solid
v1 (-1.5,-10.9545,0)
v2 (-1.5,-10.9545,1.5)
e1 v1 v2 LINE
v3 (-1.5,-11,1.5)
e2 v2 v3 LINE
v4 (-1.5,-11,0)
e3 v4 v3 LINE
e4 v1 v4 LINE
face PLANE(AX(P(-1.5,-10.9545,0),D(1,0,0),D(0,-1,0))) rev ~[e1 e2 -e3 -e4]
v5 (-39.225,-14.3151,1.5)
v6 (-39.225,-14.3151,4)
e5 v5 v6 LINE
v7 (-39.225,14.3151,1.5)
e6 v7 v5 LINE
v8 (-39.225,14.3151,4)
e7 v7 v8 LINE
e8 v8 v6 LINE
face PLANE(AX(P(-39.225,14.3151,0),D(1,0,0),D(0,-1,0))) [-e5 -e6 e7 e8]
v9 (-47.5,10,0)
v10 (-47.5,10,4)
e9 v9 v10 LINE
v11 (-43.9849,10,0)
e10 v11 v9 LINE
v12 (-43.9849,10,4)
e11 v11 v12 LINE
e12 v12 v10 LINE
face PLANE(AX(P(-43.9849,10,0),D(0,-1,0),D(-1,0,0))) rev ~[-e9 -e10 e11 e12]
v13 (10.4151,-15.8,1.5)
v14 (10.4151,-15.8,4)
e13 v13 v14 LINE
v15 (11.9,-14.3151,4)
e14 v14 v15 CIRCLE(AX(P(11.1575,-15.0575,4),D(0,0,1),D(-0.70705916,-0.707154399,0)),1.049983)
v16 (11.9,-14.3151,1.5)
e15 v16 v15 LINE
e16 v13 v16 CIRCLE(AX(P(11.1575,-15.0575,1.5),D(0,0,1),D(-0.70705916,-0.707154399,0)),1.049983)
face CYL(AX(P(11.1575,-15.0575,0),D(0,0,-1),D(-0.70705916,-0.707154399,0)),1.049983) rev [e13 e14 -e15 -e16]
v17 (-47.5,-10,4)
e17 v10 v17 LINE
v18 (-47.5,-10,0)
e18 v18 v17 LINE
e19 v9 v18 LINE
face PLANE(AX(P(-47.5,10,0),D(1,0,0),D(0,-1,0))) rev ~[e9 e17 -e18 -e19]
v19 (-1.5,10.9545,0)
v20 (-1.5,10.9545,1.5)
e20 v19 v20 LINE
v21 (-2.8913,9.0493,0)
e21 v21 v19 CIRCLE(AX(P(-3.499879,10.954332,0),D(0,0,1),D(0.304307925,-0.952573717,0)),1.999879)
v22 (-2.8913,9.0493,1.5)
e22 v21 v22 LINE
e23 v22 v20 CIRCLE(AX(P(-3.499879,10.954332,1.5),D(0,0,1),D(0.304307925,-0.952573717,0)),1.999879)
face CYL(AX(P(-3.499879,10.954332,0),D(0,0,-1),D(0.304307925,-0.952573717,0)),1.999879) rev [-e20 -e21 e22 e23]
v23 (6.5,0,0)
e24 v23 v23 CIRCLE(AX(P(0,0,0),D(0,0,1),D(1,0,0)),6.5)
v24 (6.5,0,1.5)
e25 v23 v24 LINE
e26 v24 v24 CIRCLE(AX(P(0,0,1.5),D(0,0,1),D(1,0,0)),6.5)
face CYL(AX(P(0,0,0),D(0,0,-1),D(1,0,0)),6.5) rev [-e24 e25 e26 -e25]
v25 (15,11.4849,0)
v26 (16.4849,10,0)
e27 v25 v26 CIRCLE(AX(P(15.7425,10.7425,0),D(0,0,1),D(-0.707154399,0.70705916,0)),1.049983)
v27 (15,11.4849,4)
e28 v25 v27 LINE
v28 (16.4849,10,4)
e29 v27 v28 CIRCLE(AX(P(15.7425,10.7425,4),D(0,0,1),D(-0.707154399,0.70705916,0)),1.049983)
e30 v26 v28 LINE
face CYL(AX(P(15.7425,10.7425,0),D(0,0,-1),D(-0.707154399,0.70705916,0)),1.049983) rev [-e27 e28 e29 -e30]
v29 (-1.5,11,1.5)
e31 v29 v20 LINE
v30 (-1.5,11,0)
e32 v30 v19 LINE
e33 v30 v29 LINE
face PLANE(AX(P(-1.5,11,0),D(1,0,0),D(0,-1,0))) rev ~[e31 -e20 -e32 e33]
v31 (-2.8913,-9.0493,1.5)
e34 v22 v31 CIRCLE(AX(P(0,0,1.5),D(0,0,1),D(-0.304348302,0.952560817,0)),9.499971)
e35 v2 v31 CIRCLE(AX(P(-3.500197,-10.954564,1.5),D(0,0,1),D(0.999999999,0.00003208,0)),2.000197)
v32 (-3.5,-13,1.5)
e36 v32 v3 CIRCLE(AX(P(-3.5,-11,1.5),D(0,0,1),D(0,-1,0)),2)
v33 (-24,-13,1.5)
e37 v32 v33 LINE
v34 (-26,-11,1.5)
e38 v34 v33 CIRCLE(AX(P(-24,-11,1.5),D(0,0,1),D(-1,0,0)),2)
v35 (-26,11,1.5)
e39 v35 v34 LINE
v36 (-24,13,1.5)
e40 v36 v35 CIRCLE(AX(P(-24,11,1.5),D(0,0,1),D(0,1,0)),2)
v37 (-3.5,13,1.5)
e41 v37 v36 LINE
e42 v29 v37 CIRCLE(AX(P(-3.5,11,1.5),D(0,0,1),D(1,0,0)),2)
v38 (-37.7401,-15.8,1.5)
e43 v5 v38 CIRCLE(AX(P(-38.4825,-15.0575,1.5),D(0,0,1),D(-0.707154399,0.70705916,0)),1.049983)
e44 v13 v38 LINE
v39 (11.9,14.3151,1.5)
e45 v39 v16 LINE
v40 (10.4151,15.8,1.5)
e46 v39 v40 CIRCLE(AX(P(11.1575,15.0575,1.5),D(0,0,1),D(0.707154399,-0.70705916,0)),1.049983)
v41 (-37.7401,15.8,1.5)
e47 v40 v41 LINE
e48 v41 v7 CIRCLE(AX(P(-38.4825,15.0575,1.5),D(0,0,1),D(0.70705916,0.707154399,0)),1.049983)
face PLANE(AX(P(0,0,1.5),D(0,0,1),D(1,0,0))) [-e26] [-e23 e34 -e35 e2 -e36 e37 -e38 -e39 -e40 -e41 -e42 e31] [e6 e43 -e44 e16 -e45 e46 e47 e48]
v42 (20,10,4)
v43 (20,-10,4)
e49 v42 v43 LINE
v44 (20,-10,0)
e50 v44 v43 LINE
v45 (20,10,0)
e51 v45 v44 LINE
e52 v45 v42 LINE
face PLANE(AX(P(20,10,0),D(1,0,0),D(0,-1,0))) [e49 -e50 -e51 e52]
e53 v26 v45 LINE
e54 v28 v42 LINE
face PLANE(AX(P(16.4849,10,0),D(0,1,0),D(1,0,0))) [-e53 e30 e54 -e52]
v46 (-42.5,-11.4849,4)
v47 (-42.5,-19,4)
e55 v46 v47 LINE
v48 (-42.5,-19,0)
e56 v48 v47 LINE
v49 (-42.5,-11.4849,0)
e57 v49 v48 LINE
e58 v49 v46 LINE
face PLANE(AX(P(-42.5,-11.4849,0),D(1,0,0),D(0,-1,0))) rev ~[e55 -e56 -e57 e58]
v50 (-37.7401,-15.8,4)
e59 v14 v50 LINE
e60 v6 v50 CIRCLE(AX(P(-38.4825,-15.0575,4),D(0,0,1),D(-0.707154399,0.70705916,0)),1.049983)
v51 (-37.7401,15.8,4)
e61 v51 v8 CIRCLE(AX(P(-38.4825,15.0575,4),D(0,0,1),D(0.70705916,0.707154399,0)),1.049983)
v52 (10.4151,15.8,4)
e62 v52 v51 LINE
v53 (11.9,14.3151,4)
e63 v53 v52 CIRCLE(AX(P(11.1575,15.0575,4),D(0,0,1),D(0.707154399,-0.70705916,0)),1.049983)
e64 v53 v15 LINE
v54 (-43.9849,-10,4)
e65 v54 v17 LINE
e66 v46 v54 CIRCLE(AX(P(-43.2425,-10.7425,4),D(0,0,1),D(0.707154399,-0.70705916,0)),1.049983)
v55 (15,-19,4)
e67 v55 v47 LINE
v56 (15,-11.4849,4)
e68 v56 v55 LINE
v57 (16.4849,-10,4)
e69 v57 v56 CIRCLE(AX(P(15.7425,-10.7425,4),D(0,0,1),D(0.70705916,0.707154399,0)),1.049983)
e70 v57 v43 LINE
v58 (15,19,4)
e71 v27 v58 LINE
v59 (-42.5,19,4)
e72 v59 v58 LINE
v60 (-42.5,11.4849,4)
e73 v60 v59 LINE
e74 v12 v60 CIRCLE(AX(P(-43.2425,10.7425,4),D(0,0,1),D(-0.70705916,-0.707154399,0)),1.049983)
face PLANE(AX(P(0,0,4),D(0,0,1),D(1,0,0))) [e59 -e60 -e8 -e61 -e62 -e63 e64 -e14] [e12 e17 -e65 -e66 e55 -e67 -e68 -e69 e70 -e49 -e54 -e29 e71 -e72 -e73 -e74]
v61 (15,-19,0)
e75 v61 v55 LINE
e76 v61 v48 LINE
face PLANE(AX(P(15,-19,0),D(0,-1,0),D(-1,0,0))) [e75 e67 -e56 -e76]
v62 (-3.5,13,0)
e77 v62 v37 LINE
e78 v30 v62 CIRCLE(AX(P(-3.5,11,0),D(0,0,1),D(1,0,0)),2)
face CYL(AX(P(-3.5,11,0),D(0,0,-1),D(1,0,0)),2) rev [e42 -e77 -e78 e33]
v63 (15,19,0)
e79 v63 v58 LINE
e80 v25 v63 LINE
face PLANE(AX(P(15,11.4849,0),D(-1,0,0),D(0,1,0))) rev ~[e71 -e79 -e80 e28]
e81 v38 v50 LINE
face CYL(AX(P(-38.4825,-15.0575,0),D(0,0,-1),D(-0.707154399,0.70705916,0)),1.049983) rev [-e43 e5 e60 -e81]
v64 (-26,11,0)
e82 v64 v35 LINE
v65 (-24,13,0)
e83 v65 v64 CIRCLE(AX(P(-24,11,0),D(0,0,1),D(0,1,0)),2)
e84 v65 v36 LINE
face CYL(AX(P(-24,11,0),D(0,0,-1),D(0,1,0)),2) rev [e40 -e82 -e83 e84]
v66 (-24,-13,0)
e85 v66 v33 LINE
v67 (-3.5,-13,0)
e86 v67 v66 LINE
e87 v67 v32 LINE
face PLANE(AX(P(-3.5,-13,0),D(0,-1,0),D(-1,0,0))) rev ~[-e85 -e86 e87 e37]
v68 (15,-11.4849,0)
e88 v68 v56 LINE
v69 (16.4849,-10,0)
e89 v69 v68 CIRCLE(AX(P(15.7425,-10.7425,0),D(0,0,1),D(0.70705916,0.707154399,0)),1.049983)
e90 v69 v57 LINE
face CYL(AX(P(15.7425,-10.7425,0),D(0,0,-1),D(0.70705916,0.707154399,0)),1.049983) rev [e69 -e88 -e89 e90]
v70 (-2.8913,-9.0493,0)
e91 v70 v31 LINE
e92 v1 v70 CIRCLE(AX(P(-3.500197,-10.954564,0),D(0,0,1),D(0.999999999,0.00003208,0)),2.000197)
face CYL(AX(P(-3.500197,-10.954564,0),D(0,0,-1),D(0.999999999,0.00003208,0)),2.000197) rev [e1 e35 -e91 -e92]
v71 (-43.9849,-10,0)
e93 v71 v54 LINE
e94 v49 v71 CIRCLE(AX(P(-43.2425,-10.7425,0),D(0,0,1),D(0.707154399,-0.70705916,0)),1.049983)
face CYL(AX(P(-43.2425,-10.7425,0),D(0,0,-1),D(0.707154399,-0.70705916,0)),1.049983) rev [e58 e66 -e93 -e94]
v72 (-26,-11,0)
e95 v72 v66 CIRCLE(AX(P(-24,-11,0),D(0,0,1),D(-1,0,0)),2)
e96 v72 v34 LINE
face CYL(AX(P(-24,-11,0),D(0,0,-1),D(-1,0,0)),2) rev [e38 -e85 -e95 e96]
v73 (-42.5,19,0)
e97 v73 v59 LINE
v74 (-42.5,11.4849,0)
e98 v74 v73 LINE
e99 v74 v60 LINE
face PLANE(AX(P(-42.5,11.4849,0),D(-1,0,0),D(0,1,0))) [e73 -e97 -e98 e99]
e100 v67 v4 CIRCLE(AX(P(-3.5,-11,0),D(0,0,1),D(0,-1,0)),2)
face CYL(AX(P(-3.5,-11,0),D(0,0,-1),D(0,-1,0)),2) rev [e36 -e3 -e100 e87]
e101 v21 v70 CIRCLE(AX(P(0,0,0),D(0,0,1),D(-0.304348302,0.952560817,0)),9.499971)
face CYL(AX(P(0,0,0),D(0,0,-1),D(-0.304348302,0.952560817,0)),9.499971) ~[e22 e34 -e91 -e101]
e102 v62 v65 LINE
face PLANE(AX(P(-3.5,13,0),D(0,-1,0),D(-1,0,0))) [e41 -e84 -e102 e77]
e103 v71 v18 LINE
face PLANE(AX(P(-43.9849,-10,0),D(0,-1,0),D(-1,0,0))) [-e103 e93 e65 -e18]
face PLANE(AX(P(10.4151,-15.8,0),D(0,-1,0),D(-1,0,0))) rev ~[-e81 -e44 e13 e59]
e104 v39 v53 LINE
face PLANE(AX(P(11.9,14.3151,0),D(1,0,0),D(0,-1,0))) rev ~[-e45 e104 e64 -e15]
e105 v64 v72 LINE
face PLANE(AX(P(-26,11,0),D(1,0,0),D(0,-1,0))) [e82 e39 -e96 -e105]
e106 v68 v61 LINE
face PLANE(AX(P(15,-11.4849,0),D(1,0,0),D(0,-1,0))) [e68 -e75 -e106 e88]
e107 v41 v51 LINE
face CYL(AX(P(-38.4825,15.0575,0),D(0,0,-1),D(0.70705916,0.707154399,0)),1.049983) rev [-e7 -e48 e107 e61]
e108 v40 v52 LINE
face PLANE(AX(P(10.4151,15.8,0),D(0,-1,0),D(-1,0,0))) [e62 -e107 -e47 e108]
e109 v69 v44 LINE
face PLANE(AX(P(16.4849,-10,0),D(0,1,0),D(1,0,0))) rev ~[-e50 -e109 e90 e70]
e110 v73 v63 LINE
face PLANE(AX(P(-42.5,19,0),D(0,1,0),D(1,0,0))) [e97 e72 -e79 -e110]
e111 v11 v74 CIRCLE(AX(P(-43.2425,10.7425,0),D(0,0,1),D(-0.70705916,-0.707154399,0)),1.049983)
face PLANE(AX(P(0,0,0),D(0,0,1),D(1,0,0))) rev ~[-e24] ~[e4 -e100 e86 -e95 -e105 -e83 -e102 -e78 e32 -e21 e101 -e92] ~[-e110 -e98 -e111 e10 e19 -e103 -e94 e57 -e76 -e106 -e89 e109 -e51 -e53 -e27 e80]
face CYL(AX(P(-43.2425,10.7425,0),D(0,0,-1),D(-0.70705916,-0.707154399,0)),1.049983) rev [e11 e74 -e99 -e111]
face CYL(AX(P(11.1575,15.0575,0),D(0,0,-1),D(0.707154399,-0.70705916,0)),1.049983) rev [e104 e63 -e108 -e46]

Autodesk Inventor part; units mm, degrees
ref_plane "YZ Plane" through (0, 0, 0) normal (1, 0, 0) x (0, 1, 0)
ref_plane "XZ Plane" through (0, 0, 0) normal (0, 1, 0) x (-1, 0, 0)
ref_plane "XY Plane" through (0, 0, 0) normal (0, 0, 1) x (1, 0, 0)
sketch "スケッチ1" plane through (0, 0, 0) normal (0, 0, 1) x (1, 0, 0)
  line L0 (12, 16) -> (-29, 16) construction
  line L1 (-31, 14) -> (-31, -14) construction
  line L2 (-29, -16) -> (12, -16) construction
  line L3 (12, -16) -> (12, 16) construction
  line L4 (12, 16) -> (-31, -16) construction
  line L5 (-31, 16) -> (12, -16) construction
  line L6 (12, 0) -> (-31, 0) construction
  circle A0 centre (0, 0) radius 10.5 construction
  arc A1 (12, 10.583) -> (0, 16) centre (0, 0) ccw construction
  line L7 (-39.5, 14.4) -> (-39.5, -14.4) construction
  arc A2 (-29, 16) -> (-31, 14) centre (-29, 14) ccw construction
  arc A3 (-31, -14) -> (-29, -16) centre (-29, -14) ccw construction
  line L8 (-39.5, 14.4) -> (-30.9596, 14.4) construction
  line L9 (-39.5, -14.4) -> (-30.9596, -14.4) construction
  line L10 (-1, 13.5) -> (-28, 13.5) construction
  line L11 (-28, 13.5) -> (-28, -13.5) construction
  line L12 (-28, -13.5) -> (-1, -13.5) construction
  line L13 (-1, -13.5) -> (-1, 13.5) construction
  line L14 (-1, 13.5) -> (-28, -13.5) construction
  line L15 (-28, 13.5) -> (-1, -13.5) construction
  circle A4 centre (-1, 13.5) radius 1.35 construction
  circle A5 centre (-28, 13.5) radius 1.35 construction
  circle A6 centre (-1, -13.5) radius 1.35 construction
  circle A7 centre (-28, -13.5) radius 1.35 construction
  arc A8 (0, -16) -> (12, -10.583) centre (0, 0) ccw construction
  line L16 (11.9, 15.8) -> (11.9, 14.3151) construction
  line L17 (11.9, 15.8) -> (10.4151, 15.8) construction
  line L18 (-39.225, 15.8) -> (-39.225, 14.3151) construction
  arc A9 (-37.7401, 15.8) -> (-39.225, 14.3151) centre (-38.4825, 15.0575) ccw
  line L19 (11.9, -15.8) -> (10.4151, -15.8) construction
  arc A10 (-39.225, -14.3151) -> (-37.7401, -15.8) centre (-38.4825, -15.0575) ccw
  line L20 (-42.5, 19) -> (15, 19)
  line L21 (15, 19) -> (15, -19) construction
  line L22 (15, -19) -> (-42.5, -19)
  line L23 (-42.5, -19) -> (-42.5, 19) construction
  line L24 (-42.5, 19) -> (15, -19) construction
  line L25 (15, 19) -> (-42.5, -19) construction
  line L26 (15, 10) -> (16.4849, 10) construction
  line L27 (20, 10) -> (20, -10)
  line L28 (15, -10) -> (16.4849, -10) construction
  arc A11 (15, 11.4849) -> (16.4849, 10) centre (15.7425, 10.7425) ccw
  arc A12 (16.4849, -10) -> (15, -11.4849) centre (15.7425, -10.7425) ccw
  line L29 (-13.75, 19) -> (-13.75, -19) construction
  line L30 (15, 11.4849) -> (15, 19)
  line L31 (15, -11.4849) -> (15, -19)
  line L32 (-42.5, 10) -> (-43.9849, 10) construction
  line L33 (-47.5, 10) -> (-47.5, -10)
  line L34 (-42.5, -10) -> (-43.9849, -10) construction
  arc A13 (-43.9849, 10) -> (-42.5, 11.4849) centre (-43.2425, 10.7425) ccw
  arc A14 (-42.5, -11.4849) -> (-43.9849, -10) centre (-43.2425, -10.7425) ccw
  line L35 (-42.5, 11.4849) -> (-42.5, 19)
  line L36 (-42.5, -11.4849) -> (-42.5, -19)
  circle A15 centre (0, 0) radius 6 construction
  circle A16 centre (0, 0) radius 6.5
  line L37 (-3.5, 13) -> (-24, 13)
  line L38 (-26, 11) -> (-26, -11)
  line L39 (-3.5, -13) -> (-24, -13)
  arc A17 (-24, 13) -> (-26, 11) centre (-24, 11) ccw
  arc A18 (-26, -11) -> (-24, -13) centre (-24, -11) ccw
  line L40 (-1.5, 11) -> (-1.5, 10.9545)
  arc A19 (-2.8913, 9.0493) -> (-2.8913, -9.0493) centre (0, 0) ccw
  line L41 (-1.5, -10.9545) -> (-1.5, -11)
  arc A20 (-1.5, 11) -> (-3.5, 13) centre (-3.5, 11) ccw
  arc A21 (-3.5, -13) -> (-1.5, -11) centre (-3.5, -11) ccw
  arc A22 (-1.5, -10.9545) -> (-2.8913, -9.0493) centre (-3.5, -10.9545) ccw
  arc A23 (-2.8913, 9.0493) -> (-1.5, 10.9545) centre (-3.5, 10.9545) ccw
  arc A24 (11.9, 14.3151) -> (10.4151, 15.8) centre (11.1575, 15.0575) ccw
  arc A25 (10.4151, -15.8) -> (11.9, -14.3151) centre (11.1575, -15.0575) ccw
  line L42 (10.4151, 15.8) -> (-37.7401, 15.8)
  line L43 (11.9, 14.3151) -> (11.9, -14.3151)
  line L44 (10.4151, -15.8) -> (-37.7401, -15.8)
  line L45 (11.9, -14.3151) -> (11.9, -15.8) construction
  line L46 (-37.7401, -15.8) -> (-39.225, -15.8) construction
  line L47 (-39.225, -14.3151) -> (-39.225, -15.8) construction
  line L48 (-37.7401, 15.8) -> (-39.225, 15.8) construction
  line L49 (-39.225, 14.3151) -> (-39.225, -14.3151)
  line L50 (16.4849, 10) -> (20, 10)
  line L51 (16.4849, -10) -> (20, -10)
  line L52 (-43.9849, -10) -> (-47.5, -10)
  line L53 (-43.9849, 10) -> (-47.5, 10)
  point P0 (-9.5, 0)
  point P1 (-14.5, 0)
  point P2 (-13.75, 0)
  point P3 (-39.225, -14.3151)
  point P4 (-43.9849, -10)
  point P5 (-1.5, 13)
  point P6 (-26, 13)
  point P7 (-1.5, -13)
  point P8 (-26, -13)
  point P9 (-1.5, -13)
  point P10 (-1.5, 13)
  point P11 (-1.5, 9.3808)
  point P12 (-1.5, -9.3808)
  point P13 (11.9, -14.3151)
  point P14 (10.4151, -15.8)
  dimension "d0" = 43
  dimension "d1" = 32
  dimension "d2" = 21
  dimension "d3" = 16
  dimension "d4" = 9.5
  dimension "d5" = 28.8
  dimension "d7" = 2
  dimension "d8" = 8.5
  dimension "d9" = 27
  dimension "d10" = 27
  dimension "d11" = 8.5
  dimension "d12" = 2.7
  dimension "d13" = 2.7
  dimension "d23" = 3
  dimension "d24" = 3
  dimension "d26" = 5
  dimension "d27" = 20
  dimension "d29" = 1.05
  dimension "d34" = 12
  dimension "d35" = 13
  dimension "d36" = 38
  dimension "d39" = 5
  dimension "d40" = 2
  dimension "d43" = 3
  dimension "d44" = 3
  dimension "d45" = 1.5
  dimension "d46" = 2
  dimension "d47" = 2
  dimension "d54" = 51.125
  dimension "d55" = 0.1
  dimension "d57" = 31.6
  dimension "d58" = 2.1
  dimension "d59" = 2.1
extrude "押し出し1" add sketch "スケッチ1" along normal blind 4 contours L20 L30 A11 L50 L27 L51 A12 L31 L22 L36 A14 L52 L33 L53 A13 L35
extrude "押し出し2" add sketch "スケッチ1" along normal blind 1.5 contours L42 A24 L43 A25 L44 A10 L49 A9
equation "\"d13\" = d12"
equation "\"d24\" = d23"
equation "\"d29\" = d17"
equation "\"d39\" = d38"
equation "\"d38\" = d37"
equation "\"d17\" = 1.05"
equation "\"d37\" = 5"
properties part number "Trunk_servo_bottom_frame" material "アルミニウム 2014-T4"
